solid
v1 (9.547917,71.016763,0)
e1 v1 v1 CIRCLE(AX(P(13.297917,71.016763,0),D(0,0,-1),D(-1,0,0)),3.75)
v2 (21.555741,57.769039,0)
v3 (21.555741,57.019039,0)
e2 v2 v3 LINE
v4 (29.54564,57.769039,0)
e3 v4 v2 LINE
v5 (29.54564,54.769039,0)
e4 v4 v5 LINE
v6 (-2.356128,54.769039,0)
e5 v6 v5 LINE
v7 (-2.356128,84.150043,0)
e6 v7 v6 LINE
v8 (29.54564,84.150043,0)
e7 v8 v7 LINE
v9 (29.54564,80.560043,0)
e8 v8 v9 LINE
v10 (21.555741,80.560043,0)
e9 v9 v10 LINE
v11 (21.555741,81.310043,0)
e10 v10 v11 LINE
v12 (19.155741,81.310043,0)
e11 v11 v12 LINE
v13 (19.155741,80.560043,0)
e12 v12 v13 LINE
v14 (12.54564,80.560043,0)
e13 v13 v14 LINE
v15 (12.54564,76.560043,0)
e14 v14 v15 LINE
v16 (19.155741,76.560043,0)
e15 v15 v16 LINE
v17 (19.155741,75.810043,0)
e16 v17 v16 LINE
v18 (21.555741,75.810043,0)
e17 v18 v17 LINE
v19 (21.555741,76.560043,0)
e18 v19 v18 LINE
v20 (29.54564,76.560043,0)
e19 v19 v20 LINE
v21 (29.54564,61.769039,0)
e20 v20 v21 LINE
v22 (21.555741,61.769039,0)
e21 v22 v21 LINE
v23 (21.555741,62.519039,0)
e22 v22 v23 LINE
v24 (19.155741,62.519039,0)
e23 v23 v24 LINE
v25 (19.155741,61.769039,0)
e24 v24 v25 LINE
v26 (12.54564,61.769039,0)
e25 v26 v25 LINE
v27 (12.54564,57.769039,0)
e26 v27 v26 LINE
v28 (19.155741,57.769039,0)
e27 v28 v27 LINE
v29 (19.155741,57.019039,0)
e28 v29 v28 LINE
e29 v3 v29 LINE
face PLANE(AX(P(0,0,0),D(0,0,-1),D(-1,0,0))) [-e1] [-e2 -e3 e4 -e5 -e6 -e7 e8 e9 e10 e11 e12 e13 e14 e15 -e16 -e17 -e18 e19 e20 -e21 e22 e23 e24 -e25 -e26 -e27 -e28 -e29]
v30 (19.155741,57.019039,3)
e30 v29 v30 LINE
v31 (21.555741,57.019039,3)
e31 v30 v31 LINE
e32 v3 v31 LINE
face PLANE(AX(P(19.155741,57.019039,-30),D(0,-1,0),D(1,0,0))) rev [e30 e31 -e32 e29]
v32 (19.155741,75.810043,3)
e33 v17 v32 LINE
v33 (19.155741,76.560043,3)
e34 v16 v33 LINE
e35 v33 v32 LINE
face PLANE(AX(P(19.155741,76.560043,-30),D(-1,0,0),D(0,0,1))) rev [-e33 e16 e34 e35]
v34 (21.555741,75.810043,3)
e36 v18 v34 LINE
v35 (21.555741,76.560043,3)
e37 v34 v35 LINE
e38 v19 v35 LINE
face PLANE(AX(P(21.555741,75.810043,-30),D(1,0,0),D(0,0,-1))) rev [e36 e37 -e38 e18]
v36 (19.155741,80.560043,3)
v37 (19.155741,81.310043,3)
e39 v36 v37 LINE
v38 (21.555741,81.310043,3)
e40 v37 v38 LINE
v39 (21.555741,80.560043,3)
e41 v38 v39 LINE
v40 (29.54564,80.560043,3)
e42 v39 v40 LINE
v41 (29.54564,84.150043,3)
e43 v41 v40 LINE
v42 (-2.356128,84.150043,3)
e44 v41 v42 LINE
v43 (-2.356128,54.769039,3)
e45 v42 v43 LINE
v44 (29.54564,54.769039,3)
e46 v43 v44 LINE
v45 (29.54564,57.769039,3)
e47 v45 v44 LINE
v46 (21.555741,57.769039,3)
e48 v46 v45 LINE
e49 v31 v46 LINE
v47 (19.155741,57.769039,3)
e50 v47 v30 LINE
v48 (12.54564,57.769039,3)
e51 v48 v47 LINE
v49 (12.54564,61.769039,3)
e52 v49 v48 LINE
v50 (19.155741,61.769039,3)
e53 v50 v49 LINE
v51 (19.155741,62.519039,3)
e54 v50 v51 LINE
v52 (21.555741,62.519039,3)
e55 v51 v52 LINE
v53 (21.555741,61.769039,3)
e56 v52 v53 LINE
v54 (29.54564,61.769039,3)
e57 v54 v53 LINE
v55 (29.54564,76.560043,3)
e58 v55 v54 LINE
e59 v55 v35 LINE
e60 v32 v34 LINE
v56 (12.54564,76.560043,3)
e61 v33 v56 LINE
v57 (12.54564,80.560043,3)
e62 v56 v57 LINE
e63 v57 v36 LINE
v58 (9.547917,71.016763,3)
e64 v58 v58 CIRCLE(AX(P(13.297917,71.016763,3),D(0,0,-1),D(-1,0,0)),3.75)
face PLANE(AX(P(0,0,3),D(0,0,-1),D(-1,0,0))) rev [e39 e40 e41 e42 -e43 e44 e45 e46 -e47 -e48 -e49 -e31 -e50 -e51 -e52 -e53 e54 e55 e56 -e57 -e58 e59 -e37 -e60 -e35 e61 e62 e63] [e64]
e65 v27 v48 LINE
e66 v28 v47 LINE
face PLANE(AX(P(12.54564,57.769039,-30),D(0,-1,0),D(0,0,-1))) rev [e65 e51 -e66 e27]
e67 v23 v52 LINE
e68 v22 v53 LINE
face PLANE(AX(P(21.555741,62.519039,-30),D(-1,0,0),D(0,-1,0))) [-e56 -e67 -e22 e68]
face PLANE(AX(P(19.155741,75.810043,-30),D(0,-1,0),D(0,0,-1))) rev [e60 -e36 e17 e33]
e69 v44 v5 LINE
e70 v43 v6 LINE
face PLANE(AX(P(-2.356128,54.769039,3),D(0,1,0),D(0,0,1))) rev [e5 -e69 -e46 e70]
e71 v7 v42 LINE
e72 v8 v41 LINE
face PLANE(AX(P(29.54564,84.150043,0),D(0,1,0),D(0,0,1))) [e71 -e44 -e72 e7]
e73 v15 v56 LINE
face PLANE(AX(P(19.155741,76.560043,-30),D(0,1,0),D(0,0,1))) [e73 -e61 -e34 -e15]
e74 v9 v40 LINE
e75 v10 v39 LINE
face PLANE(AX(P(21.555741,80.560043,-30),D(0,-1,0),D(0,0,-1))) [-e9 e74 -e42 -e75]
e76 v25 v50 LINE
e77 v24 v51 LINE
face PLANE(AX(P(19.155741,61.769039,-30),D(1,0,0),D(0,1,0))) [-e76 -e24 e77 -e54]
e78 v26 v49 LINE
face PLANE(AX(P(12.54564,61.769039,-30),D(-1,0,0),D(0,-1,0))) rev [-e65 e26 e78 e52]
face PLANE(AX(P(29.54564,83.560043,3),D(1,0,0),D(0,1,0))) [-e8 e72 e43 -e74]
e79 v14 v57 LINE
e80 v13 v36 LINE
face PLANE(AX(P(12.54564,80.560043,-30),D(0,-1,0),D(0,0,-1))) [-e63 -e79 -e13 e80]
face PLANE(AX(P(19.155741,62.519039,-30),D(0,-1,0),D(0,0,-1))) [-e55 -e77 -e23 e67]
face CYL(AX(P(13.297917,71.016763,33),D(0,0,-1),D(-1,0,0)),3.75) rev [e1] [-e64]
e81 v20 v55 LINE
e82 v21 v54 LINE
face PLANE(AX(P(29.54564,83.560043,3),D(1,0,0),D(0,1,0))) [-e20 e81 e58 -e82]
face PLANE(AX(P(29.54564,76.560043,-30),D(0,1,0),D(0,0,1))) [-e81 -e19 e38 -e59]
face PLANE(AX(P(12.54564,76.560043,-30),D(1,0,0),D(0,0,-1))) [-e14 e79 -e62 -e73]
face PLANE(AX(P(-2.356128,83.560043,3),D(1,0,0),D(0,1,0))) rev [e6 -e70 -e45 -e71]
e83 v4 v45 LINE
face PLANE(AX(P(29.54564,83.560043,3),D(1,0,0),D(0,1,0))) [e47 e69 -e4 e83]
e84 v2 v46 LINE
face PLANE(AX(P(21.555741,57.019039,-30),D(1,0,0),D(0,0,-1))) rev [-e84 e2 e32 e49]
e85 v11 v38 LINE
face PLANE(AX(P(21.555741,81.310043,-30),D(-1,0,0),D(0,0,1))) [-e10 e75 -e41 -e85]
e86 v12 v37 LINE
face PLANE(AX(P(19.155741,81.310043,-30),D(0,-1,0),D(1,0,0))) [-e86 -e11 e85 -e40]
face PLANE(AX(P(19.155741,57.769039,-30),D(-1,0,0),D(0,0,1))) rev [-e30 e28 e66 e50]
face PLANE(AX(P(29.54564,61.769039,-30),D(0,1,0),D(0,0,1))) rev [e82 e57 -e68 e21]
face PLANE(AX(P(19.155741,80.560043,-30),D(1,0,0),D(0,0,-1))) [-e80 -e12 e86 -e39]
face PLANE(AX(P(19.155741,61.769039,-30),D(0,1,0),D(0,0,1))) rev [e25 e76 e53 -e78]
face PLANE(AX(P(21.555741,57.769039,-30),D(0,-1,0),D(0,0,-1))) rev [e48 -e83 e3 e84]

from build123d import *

# Parameters (mm, degrees)
SKETCH1_W           = 31.901767955
SKETCH1_H           = 28.791004307
BOSS_EXTRUDE2_DEPTH = 3
SKETCH3_R           = 3.75
CUT_EXTRUDE1_DEPTH  = 33
CUT_EXTRUDE2_DEPTH  = 33
SKETCH6_W           = 31.901767955
SKETCH6_H           = 0.59
BOSS_EXTRUDE3_DEPTH = 3


with BuildPart() as part:
    # Sketch1 → Boss-Extrude2 (new body)
    with BuildSketch(Plane.XY):
        with Locations((13.594756215, 69.164541294)):
            Rectangle(SKETCH1_W, SKETCH1_H)
    extrude(amount=BOSS_EXTRUDE2_DEPTH)

    # Sketch3 → Cut-Extrude1 (cut)
    with BuildSketch(Plane(origin=(0, 0, 0), x_dir=(-1, 0, 0), z_dir=(0, 0, -1))):
        with Locations((-13.297916625, 71.016762707)):
            Circle(SKETCH3_R)
    extrude(amount=-CUT_EXTRUDE1_DEPTH, mode=Mode.SUBTRACT)

    # Sketch5 → Cut-Extrude2 (cut)
    with BuildSketch(Plane.XY.offset(3)):
        Polygon((29.545640192, 76.560043447), (21.555740858, 76.560043447), (21.555740858, 75.810043447), (19.155740858, 75.810043447), (19.155740858, 76.560043447), (12.545640192, 76.560043447), (12.545640192, 80.560043447), (19.155740858, 80.560043447), (19.155740858, 81.310043447), (21.555740858, 81.310043447), (21.555740858, 80.560043447), (29.545640192, 80.560043447), align=None)
        Polygon((29.545640192, 57.76903914), (29.545640192, 61.76903914), (21.555740858, 61.76903914), (21.555740858, 62.51903914), (19.155740858, 62.51903914), (19.155740858, 61.76903914), (12.545640192, 61.76903914), (12.545640192, 57.76903914), (19.155740858, 57.76903914), (19.155740858, 57.01903914), (21.555740858, 57.01903914), (21.555740858, 57.76903914), align=None)
    extrude(amount=-CUT_EXTRUDE2_DEPTH, mode=Mode.SUBTRACT)

    # Sketch6 → Boss-Extrude3 (add)
    with BuildSketch(Plane.XY.offset(3)):
        with Locations((13.594756215, 83.855043447)):
            Rectangle(SKETCH6_W, SKETCH6_H)
    extrude(amount=-BOSS_EXTRUDE3_DEPTH)


solid = part.part
